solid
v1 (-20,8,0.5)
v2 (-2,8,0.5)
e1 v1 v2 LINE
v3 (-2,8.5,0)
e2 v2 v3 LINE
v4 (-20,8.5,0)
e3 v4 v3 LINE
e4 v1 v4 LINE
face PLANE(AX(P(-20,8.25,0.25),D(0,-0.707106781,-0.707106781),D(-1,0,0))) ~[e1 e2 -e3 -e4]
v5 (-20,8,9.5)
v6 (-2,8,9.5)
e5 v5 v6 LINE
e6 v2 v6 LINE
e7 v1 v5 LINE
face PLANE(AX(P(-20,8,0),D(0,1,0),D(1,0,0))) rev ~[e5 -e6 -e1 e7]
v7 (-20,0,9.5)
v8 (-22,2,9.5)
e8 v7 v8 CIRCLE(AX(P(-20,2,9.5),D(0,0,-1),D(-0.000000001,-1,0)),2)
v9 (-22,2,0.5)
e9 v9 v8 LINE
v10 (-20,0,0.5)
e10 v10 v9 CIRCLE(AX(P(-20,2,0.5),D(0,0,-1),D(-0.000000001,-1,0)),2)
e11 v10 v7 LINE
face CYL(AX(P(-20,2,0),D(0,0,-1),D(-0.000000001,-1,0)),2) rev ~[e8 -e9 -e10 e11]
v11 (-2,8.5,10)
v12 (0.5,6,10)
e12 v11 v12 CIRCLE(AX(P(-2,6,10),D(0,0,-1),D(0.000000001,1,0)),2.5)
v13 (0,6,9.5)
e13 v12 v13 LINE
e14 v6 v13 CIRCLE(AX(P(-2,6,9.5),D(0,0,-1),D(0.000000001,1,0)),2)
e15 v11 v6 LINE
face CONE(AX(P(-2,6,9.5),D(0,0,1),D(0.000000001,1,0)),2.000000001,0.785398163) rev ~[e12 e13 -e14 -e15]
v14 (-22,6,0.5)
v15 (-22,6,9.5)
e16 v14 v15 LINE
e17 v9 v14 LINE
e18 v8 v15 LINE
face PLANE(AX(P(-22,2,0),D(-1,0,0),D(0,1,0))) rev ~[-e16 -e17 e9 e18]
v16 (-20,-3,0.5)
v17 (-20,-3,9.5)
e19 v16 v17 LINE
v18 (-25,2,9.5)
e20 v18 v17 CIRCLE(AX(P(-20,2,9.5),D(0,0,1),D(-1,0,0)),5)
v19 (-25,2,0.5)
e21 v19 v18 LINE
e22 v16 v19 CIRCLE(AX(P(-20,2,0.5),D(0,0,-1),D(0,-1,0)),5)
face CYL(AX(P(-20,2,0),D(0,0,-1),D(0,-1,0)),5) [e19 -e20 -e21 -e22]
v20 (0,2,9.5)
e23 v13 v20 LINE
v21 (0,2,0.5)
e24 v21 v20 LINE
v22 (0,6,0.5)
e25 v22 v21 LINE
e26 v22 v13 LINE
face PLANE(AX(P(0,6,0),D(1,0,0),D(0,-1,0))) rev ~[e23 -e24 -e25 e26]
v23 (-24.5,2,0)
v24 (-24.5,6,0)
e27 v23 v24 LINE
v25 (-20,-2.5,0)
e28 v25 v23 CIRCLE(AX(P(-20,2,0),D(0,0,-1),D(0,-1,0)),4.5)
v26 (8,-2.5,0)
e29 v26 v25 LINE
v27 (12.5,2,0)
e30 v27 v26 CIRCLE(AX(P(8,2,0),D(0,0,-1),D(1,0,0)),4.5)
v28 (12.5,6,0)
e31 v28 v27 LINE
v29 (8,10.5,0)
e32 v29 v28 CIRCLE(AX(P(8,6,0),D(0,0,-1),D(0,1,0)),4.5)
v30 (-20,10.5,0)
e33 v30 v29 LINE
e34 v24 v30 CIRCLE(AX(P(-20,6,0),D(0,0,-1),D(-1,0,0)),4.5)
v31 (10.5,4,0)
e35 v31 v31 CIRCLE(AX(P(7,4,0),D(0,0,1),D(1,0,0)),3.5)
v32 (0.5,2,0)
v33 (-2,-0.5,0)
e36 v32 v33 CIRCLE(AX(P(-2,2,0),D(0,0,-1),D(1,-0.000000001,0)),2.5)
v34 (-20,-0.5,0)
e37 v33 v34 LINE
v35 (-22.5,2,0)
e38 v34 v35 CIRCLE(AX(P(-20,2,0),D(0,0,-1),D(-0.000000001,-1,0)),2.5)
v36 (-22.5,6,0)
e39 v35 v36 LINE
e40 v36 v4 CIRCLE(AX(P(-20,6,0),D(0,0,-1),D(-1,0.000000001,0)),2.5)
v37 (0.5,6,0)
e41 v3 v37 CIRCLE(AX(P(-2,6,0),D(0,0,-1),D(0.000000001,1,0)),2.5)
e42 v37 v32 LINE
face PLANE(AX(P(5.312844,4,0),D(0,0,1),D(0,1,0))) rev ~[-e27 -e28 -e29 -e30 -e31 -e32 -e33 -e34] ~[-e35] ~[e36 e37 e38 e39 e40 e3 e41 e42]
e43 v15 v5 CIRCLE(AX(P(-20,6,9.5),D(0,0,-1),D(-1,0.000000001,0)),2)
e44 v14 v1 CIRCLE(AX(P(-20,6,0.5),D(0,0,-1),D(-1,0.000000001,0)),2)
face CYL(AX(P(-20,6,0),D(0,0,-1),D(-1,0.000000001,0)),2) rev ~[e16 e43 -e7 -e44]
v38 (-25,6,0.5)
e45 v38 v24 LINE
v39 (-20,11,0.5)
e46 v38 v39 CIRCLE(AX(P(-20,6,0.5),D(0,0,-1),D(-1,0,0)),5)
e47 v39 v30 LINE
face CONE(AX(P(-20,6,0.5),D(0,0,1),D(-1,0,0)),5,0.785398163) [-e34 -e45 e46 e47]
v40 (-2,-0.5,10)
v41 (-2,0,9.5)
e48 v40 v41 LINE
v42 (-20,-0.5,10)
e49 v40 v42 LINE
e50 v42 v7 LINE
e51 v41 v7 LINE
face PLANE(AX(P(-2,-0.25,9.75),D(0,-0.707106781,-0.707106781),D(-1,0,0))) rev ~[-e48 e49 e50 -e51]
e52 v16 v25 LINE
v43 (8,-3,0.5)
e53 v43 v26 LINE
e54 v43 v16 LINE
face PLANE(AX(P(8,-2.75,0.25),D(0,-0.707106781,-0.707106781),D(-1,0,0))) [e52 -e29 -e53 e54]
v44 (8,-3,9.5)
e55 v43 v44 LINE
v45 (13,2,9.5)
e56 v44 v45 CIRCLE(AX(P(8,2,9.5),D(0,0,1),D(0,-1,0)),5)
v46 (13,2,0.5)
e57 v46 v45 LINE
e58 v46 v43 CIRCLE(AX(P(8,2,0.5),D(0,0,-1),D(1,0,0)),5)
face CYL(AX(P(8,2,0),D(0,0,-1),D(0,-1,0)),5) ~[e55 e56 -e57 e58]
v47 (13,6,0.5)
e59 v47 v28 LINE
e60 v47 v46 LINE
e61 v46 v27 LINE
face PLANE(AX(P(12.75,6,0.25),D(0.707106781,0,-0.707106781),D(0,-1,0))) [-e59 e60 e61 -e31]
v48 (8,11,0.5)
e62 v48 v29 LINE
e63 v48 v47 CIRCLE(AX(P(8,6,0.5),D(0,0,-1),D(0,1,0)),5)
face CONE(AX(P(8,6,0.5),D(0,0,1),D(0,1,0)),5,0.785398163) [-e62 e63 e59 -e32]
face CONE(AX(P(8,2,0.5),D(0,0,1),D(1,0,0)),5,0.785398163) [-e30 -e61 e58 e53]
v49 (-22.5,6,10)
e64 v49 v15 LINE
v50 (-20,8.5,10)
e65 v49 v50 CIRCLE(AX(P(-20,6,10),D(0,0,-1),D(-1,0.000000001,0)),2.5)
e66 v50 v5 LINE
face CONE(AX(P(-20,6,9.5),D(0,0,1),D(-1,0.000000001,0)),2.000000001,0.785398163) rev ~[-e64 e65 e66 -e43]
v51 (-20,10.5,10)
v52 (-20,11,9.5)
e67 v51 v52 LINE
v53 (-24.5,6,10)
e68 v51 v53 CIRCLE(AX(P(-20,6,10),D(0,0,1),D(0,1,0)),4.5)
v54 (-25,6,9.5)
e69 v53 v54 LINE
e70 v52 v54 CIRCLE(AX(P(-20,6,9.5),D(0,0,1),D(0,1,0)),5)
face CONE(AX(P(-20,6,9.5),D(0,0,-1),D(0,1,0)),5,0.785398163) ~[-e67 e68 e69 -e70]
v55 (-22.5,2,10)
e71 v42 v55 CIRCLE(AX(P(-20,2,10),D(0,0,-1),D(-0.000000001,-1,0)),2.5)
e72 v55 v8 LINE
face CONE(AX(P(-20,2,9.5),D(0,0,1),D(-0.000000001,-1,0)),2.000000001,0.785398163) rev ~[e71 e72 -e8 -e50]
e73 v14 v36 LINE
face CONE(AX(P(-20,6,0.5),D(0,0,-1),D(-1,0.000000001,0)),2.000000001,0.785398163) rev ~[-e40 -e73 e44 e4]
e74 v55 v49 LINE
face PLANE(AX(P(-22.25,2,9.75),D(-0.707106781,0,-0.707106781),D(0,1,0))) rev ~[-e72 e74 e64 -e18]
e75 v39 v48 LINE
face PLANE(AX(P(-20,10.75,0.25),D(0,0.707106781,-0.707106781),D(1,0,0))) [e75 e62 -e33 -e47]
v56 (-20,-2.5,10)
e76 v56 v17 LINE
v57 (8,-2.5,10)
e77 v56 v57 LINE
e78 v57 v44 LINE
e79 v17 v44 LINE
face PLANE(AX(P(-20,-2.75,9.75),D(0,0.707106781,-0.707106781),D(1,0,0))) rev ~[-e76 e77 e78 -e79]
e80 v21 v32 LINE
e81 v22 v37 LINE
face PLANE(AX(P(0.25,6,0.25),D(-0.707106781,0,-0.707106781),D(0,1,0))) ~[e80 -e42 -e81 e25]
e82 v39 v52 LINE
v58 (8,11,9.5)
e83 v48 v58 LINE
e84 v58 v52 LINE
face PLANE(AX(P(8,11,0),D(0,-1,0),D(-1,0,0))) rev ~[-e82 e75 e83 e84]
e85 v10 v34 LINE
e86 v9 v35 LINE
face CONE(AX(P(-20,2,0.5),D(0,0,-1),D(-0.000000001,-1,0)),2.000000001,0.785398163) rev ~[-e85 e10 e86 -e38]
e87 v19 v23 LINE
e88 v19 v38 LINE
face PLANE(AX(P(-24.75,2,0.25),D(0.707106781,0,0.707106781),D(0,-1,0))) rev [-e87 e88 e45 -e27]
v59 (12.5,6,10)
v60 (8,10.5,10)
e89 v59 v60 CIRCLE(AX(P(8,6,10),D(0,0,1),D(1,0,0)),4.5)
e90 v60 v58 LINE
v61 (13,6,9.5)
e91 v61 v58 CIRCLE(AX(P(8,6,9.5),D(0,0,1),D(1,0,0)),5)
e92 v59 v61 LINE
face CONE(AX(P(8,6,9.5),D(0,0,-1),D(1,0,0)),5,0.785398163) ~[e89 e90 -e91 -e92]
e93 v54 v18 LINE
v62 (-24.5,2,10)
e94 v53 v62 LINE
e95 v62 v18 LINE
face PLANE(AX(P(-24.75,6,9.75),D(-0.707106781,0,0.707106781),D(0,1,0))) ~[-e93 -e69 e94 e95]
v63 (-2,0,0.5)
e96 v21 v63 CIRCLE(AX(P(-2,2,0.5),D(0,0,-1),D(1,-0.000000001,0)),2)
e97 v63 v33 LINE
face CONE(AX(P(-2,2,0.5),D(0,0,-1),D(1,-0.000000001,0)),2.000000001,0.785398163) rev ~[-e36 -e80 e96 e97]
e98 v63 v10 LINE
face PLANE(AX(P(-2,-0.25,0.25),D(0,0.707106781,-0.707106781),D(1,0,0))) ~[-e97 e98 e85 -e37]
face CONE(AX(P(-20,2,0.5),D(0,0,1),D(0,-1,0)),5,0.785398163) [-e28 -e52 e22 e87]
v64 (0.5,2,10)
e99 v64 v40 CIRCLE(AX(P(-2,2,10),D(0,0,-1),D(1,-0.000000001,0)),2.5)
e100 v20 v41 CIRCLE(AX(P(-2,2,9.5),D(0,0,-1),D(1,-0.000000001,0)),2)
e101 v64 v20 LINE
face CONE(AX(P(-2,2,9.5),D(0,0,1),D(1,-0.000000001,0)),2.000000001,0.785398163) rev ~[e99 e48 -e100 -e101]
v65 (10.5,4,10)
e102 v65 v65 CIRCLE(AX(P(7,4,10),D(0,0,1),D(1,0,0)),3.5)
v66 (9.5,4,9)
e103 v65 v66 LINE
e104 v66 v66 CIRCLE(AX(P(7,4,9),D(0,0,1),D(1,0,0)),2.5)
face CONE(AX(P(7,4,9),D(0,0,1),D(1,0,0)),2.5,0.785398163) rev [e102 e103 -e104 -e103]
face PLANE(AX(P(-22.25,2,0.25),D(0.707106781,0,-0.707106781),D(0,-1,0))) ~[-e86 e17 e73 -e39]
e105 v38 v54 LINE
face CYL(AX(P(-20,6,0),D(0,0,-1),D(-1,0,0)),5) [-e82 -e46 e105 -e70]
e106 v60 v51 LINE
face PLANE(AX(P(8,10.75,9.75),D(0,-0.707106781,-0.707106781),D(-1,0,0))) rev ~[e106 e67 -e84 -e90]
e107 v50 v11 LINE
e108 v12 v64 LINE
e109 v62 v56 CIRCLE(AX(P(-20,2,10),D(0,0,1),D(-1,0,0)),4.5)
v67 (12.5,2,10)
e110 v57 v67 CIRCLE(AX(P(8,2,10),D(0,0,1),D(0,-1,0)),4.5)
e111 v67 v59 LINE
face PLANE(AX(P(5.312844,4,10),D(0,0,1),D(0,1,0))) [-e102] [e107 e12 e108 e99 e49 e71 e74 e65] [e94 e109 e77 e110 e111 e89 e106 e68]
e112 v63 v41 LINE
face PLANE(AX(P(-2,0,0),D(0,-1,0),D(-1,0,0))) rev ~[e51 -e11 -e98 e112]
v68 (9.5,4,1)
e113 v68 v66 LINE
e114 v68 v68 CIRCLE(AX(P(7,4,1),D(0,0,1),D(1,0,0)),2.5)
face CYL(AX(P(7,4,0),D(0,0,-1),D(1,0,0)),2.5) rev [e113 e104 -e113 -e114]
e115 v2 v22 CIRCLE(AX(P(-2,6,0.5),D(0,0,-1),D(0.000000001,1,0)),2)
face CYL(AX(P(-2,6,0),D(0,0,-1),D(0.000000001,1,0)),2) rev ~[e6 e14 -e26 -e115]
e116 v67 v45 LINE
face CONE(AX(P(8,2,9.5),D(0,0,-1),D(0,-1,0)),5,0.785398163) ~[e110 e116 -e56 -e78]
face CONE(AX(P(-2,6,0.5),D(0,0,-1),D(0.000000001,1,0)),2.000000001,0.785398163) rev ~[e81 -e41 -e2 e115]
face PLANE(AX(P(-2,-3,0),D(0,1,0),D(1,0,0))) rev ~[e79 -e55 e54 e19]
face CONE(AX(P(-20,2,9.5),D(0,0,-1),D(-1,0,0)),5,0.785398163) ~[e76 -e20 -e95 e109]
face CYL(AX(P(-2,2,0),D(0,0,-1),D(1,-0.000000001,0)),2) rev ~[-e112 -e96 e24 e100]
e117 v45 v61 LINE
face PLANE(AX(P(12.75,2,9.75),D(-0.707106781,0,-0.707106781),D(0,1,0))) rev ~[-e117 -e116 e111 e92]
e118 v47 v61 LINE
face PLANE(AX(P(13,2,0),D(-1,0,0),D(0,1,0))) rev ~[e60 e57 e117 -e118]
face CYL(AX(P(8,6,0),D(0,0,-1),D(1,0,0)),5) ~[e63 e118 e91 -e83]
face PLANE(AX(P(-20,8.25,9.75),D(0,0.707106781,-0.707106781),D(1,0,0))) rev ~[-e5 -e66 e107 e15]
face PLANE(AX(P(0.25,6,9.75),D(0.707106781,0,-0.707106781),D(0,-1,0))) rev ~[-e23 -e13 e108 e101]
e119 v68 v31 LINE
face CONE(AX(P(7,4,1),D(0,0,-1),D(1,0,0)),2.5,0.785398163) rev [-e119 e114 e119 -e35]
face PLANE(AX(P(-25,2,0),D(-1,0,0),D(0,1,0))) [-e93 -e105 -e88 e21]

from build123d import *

# Parameters (mm, degrees)
SKETCH1_R           = 2.5
BOSS_EXTRUDE1_DEPTH = 10
CHAMFER1_SIZE       = 1
CHAMFER2_SIZE       = 0.5


with BuildPart() as part:
    # Sketch1 → Boss-Extrude1 (new body)
    # profile 1 of 2: a face of its own
    with BuildSketch(Plane(origin=(0, 0, 0), x_dir=(0, 1, 0), z_dir=(0, 0, 1))):
        with BuildLine():
            ThreePointArc((-3, 20), (-1.535533906, 23.535533906), (2, 25))
            Line((2, 25), (6, 25))
            ThreePointArc((6, 25), (9.535533906, 23.535533906), (11, 20))
            Line((11, 20), (11, 2))
            ThreePointArc((11, 2), (9.535533906, -1.535533906), (6, -3))
            Line((6, -3), (2, -3))
            ThreePointArc((2, -3), (-1.535533906, -1.535533906), (-3, 2))
            Line((-3, 2), (-3, 20))
        make_face()
        with BuildLine():
            Line((2, 22), (6, 22))
            ThreePointArc((6, 22), (7.414213562, 21.414213562), (8, 20))
            Line((8, 20), (8, 2))
            ThreePointArc((8, 2), (7.414213562, 0.585786438), (6, 0))
            Line((6, 0), (2, 0))
            ThreePointArc((2, 0), (0.585786438, 0.585786438), (0, 2))
            Line((0, 2), (0, 20))
            ThreePointArc((0, 20), (0.585786438, 21.414213562), (2, 22))
        make_face(mode=Mode.SUBTRACT)
    # profile 2 of 2: a face of its own
    with BuildSketch(Plane(origin=(0, 0, 0), x_dir=(0, 1, 0), z_dir=(0, 0, 1))):
        with BuildLine():
            Line((2, -13), (6, -13))
            ThreePointArc((6, -13), (9.535533906, -11.535533906), (11, -8))
            Line((11, -8), (11, 2))
            ThreePointArc((11, 2), (9.535533906, -1.535533906), (6, -3))
            Line((6, -3), (2, -3))
            ThreePointArc((2, -3), (-1.535533906, -1.535533906), (-3, 2))
            Line((-3, 2), (-3, -8))
            ThreePointArc((-3, -8), (-1.535533906, -11.535533906), (2, -13))
        make_face()
        with Locations(Location((4, -7, 0), (0, 0, 270))):
            Circle(SKETCH1_R, mode=Mode.SUBTRACT)
    extrude(amount=BOSS_EXTRUDE1_DEPTH)

    # Chamfer1
    chamfer1_edges = [part.edges().sort_by_distance(p)[0] for p in [
        (4.5, 4, 0),
        (4.5, 4, 10),
    ]]
    chamfer(chamfer1_edges, length=CHAMFER1_SIZE)

    # Chamfer2
    chamfer2_edges = [part.edges().sort_by_distance(p)[0] for p in [
        (11.535533906, -1.535533906, 10),
        (13, 4, 10),
        (-21.414213562, 0.585786438, 0),
        (-11, 0, 0),
        (-0.585786438, 0.585786438, 0),
        (0, 4, 0),
        (-0.585786438, 7.414213562, 0),
        (-11, 8, 0),
        (-21.414213562, 7.414213562, 0),
        (-22, 4, 0),
        (11.535533906, 9.535533906, 10),
        (-23.535533906, -1.535533906, 0),
        (-25, 4, 0),
        (-23.535533906, 9.535533906, 0),
        (-6, 11, 0),
        (11.535533906, 9.535533906, 0),
        (13, 4, 0),
        (11.535533906, -1.535533906, 0),
        (-6, -3, 0),
        (-6, 11, 10),
        (-23.535533906, 9.535533906, 10),
        (-25, 4, 10),
        (-23.535533906, -1.535533906, 10),
        (-22, 4, 10),
        (-21.414213562, 7.414213562, 10),
        (-11, 8, 10),
        (-0.585786438, 7.414213562, 10),
        (-6, -3, 10),
        (0, 4, 10),
        (-0.585786438, 0.585786438, 10),
        (-11, 0, 10),
        (-21.414213562, 0.585786438, 10),
    ]]
    chamfer(chamfer2_edges, length=CHAMFER2_SIZE)


solid = part.part
